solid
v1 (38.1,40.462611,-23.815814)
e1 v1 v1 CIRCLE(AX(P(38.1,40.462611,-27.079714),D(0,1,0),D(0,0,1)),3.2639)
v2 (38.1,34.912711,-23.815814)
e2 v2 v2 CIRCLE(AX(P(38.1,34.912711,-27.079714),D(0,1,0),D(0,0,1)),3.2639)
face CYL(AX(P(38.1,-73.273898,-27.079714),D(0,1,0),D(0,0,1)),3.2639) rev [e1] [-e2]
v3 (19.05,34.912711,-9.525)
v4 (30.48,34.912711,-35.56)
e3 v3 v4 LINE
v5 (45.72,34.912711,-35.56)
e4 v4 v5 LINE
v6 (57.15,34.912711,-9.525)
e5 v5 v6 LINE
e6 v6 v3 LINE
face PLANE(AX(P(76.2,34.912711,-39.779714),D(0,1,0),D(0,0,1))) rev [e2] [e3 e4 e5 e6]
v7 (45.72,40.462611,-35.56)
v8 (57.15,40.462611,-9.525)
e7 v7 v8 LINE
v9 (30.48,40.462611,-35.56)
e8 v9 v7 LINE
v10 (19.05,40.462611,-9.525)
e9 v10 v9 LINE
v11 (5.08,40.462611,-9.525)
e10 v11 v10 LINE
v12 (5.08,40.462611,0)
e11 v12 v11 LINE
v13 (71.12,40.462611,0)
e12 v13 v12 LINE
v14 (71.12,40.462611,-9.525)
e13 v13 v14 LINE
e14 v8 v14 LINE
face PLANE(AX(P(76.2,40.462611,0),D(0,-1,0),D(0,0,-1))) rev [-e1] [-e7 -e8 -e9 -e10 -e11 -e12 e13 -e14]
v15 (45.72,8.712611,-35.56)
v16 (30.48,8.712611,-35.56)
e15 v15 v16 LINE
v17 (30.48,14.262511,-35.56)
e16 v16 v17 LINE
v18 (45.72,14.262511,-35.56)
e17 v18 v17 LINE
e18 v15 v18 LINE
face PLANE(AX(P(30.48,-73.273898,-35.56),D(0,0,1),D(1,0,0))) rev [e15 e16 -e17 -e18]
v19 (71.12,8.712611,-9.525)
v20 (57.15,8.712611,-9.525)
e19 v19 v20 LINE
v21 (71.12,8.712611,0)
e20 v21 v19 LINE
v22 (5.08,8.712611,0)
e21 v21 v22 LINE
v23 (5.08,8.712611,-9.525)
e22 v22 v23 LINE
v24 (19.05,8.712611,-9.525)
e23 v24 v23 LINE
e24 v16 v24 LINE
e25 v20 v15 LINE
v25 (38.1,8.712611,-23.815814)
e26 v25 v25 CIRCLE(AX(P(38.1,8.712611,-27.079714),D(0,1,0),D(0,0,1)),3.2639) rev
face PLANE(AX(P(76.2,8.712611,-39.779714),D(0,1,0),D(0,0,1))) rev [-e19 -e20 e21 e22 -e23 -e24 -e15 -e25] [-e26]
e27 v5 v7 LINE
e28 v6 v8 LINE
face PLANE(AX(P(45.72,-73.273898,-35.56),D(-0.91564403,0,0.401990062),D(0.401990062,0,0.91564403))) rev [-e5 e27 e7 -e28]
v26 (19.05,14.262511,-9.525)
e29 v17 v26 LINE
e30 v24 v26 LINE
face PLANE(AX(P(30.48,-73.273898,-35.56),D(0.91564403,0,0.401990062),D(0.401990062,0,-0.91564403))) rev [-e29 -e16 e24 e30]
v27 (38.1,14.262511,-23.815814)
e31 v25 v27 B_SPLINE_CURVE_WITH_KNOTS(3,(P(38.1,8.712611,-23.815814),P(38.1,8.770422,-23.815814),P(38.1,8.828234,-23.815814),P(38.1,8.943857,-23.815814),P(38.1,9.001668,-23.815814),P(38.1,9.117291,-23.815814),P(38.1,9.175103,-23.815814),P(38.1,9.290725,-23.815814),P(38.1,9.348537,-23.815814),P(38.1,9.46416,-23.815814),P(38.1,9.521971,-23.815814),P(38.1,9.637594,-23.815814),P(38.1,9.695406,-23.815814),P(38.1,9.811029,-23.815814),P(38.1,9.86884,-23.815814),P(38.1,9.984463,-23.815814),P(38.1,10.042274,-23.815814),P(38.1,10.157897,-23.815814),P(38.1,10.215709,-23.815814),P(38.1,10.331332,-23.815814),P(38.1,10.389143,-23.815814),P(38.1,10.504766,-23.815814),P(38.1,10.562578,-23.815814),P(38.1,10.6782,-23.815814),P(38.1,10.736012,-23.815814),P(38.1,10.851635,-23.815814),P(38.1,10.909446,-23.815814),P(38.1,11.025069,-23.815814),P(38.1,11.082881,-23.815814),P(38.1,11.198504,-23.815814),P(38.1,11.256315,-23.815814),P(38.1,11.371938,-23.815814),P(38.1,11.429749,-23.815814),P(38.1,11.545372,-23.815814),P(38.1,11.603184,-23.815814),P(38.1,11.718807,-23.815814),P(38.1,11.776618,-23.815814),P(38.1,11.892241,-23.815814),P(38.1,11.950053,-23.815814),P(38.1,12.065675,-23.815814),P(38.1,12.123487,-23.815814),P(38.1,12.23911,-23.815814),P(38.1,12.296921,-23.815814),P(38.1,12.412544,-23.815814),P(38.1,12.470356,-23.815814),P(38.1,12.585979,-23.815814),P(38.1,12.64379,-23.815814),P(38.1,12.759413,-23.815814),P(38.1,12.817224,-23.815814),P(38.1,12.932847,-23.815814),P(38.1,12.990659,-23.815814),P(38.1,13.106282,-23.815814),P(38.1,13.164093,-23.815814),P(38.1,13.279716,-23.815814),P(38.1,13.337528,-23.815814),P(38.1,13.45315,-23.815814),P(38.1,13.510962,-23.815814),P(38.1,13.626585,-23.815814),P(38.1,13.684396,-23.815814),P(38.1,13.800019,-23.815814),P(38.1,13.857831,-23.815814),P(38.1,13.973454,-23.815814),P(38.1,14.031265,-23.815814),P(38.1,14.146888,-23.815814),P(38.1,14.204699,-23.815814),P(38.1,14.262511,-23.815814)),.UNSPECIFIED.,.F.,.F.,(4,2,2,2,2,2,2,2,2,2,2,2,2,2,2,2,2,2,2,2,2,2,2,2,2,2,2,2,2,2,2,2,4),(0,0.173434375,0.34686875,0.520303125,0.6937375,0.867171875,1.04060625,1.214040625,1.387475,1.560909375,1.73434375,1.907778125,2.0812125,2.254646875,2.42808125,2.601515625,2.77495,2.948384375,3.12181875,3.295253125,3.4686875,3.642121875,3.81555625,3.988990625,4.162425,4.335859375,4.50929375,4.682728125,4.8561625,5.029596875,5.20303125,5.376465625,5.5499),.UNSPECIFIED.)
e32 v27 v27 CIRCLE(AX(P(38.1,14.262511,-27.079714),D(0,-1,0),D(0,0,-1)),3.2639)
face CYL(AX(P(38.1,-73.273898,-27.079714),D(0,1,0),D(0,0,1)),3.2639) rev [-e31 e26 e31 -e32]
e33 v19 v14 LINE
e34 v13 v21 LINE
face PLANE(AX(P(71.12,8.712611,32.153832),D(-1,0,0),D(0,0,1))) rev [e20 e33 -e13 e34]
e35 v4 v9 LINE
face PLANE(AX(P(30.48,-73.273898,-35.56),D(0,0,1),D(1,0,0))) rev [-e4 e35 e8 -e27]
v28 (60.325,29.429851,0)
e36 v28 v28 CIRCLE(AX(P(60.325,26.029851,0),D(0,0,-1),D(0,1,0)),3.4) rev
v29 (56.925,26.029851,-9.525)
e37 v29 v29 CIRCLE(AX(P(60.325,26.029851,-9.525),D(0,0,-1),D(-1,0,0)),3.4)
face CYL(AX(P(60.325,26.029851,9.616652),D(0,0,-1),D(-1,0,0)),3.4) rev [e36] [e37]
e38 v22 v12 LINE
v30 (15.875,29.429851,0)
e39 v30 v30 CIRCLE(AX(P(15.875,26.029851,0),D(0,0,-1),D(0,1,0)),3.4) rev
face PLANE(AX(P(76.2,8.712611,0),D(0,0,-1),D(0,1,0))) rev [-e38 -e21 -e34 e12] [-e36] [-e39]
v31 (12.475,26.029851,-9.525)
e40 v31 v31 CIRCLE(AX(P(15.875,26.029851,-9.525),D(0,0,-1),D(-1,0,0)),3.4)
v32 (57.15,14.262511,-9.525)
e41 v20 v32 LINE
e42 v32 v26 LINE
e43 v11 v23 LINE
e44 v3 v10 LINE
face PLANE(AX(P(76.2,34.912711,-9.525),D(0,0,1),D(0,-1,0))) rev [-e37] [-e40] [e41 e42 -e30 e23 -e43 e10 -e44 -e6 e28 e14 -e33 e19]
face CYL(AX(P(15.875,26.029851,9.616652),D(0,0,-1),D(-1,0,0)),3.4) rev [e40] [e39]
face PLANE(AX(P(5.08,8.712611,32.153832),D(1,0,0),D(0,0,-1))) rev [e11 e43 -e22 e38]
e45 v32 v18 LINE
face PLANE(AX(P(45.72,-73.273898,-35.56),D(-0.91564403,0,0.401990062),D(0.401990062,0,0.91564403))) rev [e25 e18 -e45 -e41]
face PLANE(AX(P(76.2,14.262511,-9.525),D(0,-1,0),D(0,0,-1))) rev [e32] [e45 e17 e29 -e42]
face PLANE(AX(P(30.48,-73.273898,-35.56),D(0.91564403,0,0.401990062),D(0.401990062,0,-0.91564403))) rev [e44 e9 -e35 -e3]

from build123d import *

# Parameters (mm, degrees)
BOSS_EXTRUDE1_DEPTH = 76.2
SKETCH2_R           = 3.4
CUT_EXTRUDE1_DEPTH  = 9.525
CUT_EXTRUDE2_REACH  = 93.635
SKETCH3_R           = 3.2639
SKETCH4_W           = 5.08
SKETCH4_H           = 31.75
CUT_EXTRUDE3_DEPTH  = 9.525


with BuildPart() as part:
    # Sketch1 → Boss-Extrude1 (new body)
    with BuildSketch(Plane(origin=(0, 0, 0), x_dir=(0, 0, -1), z_dir=(1, 0, 0))):
        Polygon((0, 8.712610854), (0, 40.462610854), (39.779713659, 40.462610854), (39.779713659, 34.912710854), (9.525, 34.912710854), (9.525, 14.262510854), (39.779713659, 14.262510854), (39.779713659, 8.712610854), align=None)
    extrude(amount=BOSS_EXTRUDE1_DEPTH)

    # Sketch2 → Cut-Extrude1 (cut)
    with BuildSketch(Plane(origin=(0, 0, -9.525), x_dir=(-1, 0, 0), z_dir=(0, 0, -1))):
        with Locations((-60.325, 26.02985118)):
            Circle(SKETCH2_R)
        with Locations((-15.875, 26.02985118)):
            Circle(SKETCH2_R)
    extrude(amount=-CUT_EXTRUDE1_DEPTH, mode=Mode.SUBTRACT)

    # Cut-Extrude2: up to this face of the body (flat: up to its plane)
    cut_extrude2_end = Plane(part.part.faces().sort_by_distance((38.1, 8.712610854, -19.889856829))[0])
    # Sketch3 → Cut-Extrude2 (cut, up to the picked face)
    with BuildSketch(Plane(origin=(0, 40.462610854, 0), x_dir=(1, 0, 0), z_dir=(0, 1, 0)), mode=Mode.PRIVATE) as cut_extrude2_sk1:
        with Locations(Location((38.1, 27.079713659, 0), (0, 0, 270))):
            Circle(SKETCH3_R)
    cut_extrude2_tool1 = split(extrude(cut_extrude2_sk1.sketch, amount=-CUT_EXTRUDE2_REACH, mode=Mode.PRIVATE), bisect_by=cut_extrude2_end, keep=Keep.BOTH, mode=Mode.PRIVATE)
    # Sketch3 → Cut-Extrude2 (cut, up to the picked face)
    with BuildSketch(Plane(origin=(0, 40.462610854, 0), x_dir=(1, 0, 0), z_dir=(0, 1, 0)), mode=Mode.PRIVATE) as cut_extrude2_sk2:
        Polygon((30.48, 35.56), (19.05, 9.525), (0, 9.525), (0, 39.779713659), (76.2, 39.779713659), (76.2, 9.525), (57.15, 9.525), (45.72, 35.56), align=None)
    cut_extrude2_tool2 = split(extrude(cut_extrude2_sk2.sketch, amount=-CUT_EXTRUDE2_REACH, mode=Mode.PRIVATE), bisect_by=cut_extrude2_end, keep=Keep.BOTH, mode=Mode.PRIVATE)
    add(cut_extrude2_tool1.solids().sort_by(Axis((38.1, 40.462611, -27.079714), (0, -1, 0)))[0], mode=Mode.SUBTRACT)
    add(cut_extrude2_tool2.solids().sort_by(Axis((24.014295, 40.462611, -22.872078), (0, -1, 0)))[0], mode=Mode.SUBTRACT)

    # Sketch4 → Cut-Extrude3 (cut)
    with BuildSketch(Plane(origin=(0, 0, -9.525), x_dir=(-1, 0, 0), z_dir=(0, 0, -1))):
        with Locations((-2.54, 24.587610854)):
            Rectangle(SKETCH4_W, SKETCH4_H)
        with Locations((-73.66, 24.587610854)):
            Rectangle(SKETCH4_W, SKETCH4_H)
    extrude(amount=-CUT_EXTRUDE3_DEPTH, mode=Mode.SUBTRACT)


solid = part.part
